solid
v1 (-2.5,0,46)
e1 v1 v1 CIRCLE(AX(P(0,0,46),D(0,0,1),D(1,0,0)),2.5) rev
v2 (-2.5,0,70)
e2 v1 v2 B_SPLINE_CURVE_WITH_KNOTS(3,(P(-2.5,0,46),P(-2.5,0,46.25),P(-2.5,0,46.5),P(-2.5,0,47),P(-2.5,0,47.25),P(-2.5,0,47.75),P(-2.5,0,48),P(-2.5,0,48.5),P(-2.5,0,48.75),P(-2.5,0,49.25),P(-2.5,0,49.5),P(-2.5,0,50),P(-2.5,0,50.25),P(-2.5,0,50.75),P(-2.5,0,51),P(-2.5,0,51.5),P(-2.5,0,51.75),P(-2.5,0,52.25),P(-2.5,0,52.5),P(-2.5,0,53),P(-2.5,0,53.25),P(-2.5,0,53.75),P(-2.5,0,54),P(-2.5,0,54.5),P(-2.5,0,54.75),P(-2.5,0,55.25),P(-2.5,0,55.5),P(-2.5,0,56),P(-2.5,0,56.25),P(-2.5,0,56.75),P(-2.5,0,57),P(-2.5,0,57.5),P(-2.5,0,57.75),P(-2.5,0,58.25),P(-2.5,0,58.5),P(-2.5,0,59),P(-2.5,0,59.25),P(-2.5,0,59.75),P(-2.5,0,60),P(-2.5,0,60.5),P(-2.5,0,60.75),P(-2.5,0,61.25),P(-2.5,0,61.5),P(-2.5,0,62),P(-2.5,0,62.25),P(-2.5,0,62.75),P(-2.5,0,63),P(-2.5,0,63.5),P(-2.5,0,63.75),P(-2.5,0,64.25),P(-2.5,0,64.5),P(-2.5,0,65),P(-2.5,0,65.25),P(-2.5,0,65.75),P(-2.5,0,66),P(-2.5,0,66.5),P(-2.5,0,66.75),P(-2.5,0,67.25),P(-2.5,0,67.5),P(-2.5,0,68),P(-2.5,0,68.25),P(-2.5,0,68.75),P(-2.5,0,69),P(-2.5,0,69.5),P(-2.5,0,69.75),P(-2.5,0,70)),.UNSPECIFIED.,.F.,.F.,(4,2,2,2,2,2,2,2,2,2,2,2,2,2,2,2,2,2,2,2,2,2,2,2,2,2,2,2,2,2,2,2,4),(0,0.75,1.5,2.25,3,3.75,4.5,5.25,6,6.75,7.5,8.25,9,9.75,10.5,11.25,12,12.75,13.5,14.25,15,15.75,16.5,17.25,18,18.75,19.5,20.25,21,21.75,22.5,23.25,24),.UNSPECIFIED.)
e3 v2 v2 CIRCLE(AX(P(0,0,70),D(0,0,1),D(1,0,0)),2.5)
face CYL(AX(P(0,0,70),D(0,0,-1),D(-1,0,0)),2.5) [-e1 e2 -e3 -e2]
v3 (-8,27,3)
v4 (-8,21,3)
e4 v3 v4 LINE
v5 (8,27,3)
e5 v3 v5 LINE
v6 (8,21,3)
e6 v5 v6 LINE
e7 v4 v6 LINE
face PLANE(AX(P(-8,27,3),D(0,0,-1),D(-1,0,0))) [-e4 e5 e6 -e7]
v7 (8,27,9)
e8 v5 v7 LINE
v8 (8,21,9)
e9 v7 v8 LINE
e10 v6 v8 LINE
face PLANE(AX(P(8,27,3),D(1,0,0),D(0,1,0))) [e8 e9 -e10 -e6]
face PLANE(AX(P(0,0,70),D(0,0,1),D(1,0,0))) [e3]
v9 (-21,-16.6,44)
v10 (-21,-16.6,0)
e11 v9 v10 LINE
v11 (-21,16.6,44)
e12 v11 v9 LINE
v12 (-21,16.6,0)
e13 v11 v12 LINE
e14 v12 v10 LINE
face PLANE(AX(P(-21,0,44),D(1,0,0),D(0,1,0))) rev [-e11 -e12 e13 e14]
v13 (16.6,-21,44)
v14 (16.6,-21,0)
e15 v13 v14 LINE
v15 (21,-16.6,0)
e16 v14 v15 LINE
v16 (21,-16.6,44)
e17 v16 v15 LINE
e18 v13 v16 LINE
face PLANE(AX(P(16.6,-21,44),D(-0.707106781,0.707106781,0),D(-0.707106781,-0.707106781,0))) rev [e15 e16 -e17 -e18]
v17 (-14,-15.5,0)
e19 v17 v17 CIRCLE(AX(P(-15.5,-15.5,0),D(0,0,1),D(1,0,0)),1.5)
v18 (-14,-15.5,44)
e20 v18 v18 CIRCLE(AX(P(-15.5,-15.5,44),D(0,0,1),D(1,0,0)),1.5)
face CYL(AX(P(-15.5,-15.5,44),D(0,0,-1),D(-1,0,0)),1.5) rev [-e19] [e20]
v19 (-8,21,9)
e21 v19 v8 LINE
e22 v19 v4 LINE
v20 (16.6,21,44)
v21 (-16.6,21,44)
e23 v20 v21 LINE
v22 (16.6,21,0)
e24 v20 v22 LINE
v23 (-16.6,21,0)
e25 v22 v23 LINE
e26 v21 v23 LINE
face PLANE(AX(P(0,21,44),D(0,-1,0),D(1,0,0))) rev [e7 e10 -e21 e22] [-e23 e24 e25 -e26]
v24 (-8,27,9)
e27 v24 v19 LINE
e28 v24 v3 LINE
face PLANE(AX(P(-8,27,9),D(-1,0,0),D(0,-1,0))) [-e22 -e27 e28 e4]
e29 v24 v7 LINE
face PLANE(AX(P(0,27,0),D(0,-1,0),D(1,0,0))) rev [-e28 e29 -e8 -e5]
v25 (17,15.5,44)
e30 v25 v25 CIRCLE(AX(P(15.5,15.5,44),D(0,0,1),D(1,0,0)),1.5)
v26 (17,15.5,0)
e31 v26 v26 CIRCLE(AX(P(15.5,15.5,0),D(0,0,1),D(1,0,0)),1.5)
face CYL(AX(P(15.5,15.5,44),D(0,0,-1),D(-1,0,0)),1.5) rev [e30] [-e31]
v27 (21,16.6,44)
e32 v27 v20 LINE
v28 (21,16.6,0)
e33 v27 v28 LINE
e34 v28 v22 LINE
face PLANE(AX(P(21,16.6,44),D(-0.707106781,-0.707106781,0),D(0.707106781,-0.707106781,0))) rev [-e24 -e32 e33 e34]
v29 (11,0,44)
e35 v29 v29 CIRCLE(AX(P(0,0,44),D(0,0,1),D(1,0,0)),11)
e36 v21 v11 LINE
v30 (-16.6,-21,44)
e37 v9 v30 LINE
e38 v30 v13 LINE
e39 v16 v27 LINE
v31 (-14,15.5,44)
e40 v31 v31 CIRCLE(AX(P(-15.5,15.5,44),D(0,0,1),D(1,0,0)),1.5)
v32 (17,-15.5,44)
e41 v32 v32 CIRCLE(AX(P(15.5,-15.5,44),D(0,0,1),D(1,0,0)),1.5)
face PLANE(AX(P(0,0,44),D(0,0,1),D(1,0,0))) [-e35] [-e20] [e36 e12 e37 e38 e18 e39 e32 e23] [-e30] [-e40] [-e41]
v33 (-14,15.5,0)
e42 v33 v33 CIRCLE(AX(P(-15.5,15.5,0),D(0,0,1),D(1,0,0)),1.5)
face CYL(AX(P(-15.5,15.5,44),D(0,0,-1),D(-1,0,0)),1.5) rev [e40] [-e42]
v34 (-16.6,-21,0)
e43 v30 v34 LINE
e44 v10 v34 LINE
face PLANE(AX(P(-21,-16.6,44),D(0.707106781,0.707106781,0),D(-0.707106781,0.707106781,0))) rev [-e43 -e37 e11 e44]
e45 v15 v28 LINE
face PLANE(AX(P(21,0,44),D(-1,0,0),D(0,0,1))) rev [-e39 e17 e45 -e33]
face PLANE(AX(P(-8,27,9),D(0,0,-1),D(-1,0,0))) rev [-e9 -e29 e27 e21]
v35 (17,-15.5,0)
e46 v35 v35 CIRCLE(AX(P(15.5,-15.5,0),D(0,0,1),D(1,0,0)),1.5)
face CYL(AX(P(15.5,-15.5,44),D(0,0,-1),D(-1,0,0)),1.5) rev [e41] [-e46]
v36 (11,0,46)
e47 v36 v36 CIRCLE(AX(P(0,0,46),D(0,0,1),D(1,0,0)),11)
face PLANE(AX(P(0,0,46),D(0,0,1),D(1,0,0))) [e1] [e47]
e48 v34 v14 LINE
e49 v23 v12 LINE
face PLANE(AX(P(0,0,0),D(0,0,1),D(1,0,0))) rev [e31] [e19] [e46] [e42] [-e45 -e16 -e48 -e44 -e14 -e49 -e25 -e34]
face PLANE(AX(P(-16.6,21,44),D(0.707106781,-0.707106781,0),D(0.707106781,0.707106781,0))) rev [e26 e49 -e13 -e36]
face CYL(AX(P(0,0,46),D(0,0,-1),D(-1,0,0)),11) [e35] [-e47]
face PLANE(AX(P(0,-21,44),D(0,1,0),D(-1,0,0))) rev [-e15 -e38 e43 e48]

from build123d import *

# Parameters (mm, degrees)
SKETCH_1_R      = 1.5
EXTRUDE_1_DEPTH = 44
SKETCH_2_R      = 11
EXTRUDE_2_DEPTH = 2
SKETCH_3_R      = 2.5
EXTRUDE_3_DEPTH = 26
SKETCH_4_W      = 16
SKETCH_4_H      = 6
EXTRUDE_4_DEPTH = 6


with BuildPart() as part:
    # 草图1 → 凸台-拉伸1 (new body)
    with BuildSketch(Plane.XY):
        Polygon((21, 0), (21, 16.6), (16.6, 21), (0, 21), (-16.6, 21), (-21, 16.6), (-21, 0), (-21, -16.6), (-16.6, -21), (0, -21), (16.6, -21), (21, -16.6), align=None)
        with Locations((15.5, 15.5)):
            Circle(SKETCH_1_R, mode=Mode.SUBTRACT)
        with Locations((15.5, -15.5)):
            Circle(SKETCH_1_R, mode=Mode.SUBTRACT)
        with Locations((-15.5, -15.5)):
            Circle(SKETCH_1_R, mode=Mode.SUBTRACT)
        with Locations((-15.5, 15.5)):
            Circle(SKETCH_1_R, mode=Mode.SUBTRACT)
    extrude(amount=EXTRUDE_1_DEPTH)

    # 草图2 → 凸台-拉伸2 (add)
    with BuildSketch(Plane.XY.offset(44)):
        Circle(SKETCH_2_R)
    extrude(amount=EXTRUDE_2_DEPTH)

    # 草图3 → 凸台-拉伸3 (add)
    with BuildSketch(Plane.XY.offset(44)):
        with Locations(Location((0, 0, 0), (0, 0, 180))):
            Circle(SKETCH_3_R)
    extrude(amount=EXTRUDE_3_DEPTH)

    # 草图4 → 凸台-拉伸4 (add)
    with BuildSketch(Plane(origin=(0, 21, 0), x_dir=(1, 0, 0), z_dir=(0, 1, 0))):
        with Locations((0, -6)):
            Rectangle(SKETCH_4_W, SKETCH_4_H)
    extrude(amount=EXTRUDE_4_DEPTH)


solid = part.part
